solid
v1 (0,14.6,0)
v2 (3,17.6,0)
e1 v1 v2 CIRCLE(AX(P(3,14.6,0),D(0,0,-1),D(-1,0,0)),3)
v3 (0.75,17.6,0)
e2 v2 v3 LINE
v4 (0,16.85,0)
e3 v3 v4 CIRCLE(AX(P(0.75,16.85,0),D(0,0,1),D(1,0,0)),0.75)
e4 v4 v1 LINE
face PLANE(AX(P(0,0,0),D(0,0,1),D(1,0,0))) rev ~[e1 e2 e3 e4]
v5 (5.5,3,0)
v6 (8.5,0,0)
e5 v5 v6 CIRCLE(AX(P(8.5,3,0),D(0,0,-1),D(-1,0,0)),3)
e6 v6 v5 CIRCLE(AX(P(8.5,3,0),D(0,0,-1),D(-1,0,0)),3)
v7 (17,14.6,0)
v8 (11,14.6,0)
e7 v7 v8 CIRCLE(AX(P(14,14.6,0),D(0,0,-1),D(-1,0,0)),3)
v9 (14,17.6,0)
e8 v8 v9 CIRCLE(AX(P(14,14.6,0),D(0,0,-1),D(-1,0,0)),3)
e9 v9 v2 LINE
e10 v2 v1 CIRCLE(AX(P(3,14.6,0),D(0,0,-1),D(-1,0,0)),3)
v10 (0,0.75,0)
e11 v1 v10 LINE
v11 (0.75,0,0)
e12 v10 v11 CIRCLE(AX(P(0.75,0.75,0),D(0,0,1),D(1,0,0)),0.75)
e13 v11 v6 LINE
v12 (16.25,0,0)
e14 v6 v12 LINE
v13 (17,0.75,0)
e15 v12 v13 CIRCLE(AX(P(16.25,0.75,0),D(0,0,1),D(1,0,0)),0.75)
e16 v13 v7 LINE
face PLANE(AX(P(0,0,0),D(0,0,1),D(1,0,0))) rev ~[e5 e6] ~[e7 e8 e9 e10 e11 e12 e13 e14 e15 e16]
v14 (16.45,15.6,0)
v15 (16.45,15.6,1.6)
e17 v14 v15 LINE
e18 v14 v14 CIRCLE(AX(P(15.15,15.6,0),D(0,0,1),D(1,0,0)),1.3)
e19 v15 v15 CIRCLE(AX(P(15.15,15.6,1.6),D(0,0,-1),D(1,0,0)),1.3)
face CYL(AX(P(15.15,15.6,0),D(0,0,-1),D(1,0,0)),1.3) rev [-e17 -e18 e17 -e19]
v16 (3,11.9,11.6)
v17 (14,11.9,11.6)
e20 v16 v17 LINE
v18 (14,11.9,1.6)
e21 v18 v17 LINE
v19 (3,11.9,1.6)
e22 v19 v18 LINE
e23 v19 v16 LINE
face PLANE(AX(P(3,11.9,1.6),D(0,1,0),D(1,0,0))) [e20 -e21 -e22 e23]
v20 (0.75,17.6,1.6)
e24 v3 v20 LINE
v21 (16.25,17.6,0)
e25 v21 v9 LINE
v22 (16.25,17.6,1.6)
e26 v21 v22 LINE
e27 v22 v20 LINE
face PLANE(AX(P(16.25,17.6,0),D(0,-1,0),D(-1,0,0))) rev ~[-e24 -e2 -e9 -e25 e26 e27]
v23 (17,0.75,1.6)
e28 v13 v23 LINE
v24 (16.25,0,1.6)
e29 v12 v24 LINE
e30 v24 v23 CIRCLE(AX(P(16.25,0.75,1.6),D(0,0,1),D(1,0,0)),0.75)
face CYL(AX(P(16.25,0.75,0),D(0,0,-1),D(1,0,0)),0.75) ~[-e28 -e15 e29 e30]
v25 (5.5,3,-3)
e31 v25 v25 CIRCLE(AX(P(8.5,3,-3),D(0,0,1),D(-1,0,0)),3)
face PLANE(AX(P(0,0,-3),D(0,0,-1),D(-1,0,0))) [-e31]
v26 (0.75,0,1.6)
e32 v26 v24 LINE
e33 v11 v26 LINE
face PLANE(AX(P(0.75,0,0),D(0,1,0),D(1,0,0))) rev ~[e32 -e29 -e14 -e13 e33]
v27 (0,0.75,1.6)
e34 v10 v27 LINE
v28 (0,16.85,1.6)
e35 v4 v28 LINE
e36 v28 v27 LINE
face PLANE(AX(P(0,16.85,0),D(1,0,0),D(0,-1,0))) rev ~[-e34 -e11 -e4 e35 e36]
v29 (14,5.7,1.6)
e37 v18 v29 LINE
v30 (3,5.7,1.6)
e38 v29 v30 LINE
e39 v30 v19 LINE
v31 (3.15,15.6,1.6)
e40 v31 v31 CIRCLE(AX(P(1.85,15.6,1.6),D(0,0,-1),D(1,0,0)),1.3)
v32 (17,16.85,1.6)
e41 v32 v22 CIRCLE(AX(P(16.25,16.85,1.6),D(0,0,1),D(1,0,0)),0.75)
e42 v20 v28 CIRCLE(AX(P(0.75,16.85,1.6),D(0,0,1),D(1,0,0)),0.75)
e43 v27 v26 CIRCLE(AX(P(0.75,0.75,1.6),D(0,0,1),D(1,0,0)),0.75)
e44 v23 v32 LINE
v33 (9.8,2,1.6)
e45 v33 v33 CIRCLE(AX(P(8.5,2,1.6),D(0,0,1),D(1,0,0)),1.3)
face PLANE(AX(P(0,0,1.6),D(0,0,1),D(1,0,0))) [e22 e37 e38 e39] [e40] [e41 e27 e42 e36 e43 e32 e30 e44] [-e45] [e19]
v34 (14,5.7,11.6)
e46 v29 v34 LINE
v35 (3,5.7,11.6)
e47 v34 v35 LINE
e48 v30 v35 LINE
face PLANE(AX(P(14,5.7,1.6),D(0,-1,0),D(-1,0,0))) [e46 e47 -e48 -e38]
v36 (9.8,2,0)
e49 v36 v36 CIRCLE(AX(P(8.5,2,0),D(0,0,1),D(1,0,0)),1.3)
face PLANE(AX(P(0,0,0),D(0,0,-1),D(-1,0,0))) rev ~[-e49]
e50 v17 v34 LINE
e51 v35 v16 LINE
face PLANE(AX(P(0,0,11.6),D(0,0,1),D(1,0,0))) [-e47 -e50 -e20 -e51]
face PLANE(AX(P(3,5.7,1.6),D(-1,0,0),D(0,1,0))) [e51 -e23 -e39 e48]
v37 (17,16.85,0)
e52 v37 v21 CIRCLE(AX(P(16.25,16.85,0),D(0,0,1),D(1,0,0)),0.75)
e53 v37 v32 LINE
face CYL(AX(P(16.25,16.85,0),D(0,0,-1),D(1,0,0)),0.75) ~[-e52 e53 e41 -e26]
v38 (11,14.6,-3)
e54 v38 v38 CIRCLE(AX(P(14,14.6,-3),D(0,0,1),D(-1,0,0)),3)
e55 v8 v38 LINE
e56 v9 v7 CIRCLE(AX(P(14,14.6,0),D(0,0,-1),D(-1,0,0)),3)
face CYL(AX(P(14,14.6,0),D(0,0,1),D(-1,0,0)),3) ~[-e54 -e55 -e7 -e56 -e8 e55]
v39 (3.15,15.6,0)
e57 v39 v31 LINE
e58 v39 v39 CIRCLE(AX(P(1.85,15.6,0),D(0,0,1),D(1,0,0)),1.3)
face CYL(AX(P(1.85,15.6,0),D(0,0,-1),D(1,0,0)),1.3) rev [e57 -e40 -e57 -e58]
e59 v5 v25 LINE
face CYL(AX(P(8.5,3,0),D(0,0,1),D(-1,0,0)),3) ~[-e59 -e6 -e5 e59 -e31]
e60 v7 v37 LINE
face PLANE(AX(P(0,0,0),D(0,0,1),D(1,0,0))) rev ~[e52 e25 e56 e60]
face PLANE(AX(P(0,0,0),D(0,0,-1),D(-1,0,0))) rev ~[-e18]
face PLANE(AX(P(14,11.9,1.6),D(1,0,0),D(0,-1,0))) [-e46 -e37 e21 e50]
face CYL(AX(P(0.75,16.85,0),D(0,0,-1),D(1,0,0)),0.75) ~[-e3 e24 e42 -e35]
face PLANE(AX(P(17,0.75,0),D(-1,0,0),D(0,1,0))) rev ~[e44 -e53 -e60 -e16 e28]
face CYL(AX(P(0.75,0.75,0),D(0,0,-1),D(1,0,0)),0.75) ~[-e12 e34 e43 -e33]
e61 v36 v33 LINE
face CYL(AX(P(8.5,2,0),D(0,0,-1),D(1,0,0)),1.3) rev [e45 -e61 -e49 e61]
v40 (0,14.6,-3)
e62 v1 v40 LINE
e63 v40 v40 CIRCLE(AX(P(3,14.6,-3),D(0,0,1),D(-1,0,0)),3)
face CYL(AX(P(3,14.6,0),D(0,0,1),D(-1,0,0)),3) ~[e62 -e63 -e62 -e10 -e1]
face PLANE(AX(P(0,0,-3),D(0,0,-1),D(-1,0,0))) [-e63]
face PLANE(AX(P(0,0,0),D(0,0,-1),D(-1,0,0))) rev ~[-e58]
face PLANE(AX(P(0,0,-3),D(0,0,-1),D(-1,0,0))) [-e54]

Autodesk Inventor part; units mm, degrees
ref_plane "YZ Plane" through (0, 0, 0) normal (1, 0, 0) x (0, 1, 0)
ref_plane "XZ Plane" through (0, 0, 0) normal (0, 1, 0) x (-1, 0, 0)
ref_plane "XY Plane" through (0, 0, 0) normal (0, 0, 1) x (1, 0, 0)
sketch "Sketch1" plane through (0, 0, 0) normal (0, 0, 1) x (1, 0, 0)
  line L0 (0, 0) -> (17, 0)
  line L1 (17, 0) -> (17, 17.6)
  line L2 (17, 17.6) -> (0, 17.6)
  line L3 (0, 17.6) -> (0, 0)
  circle A0 centre (16.25, 16.85) radius 0.75
  circle A1 centre (0.75, 16.85) radius 0.75
  circle A2 centre (0.75, 0.75) radius 0.75
  circle A3 centre (16.25, 0.75) radius 0.75
  circle A4 centre (1.85, 15.6) radius 1.3
  circle A5 centre (15.15, 15.6) radius 1.3
  circle A6 centre (8.5, 2) radius 1.3
  point P0 (0, 16.85)
  point P1 (0, 0.75)
  point P2 (0.75, 0)
  point P3 (16.25, 0)
  point P4 (17, 0.75)
  point P5 (17, 16.85)
  point P6 (16.25, 17.6)
  point P7 (0.75, 17.6)
  dimension "d0" = 17
  dimension "d1" = 17.6
  dimension "d2" = 1.5
  dimension "d3" = 1.5
  dimension "d4" = 1.5
  dimension "d5" = 1.5
  dimension "d7" = 2.6
  dimension "d11" = 1.85
  dimension "d12" = 1.85
  dimension "d13" = 2
  dimension "d14" = 2.6
  dimension "d15" = 2
  dimension "d16" = 8.5
extrude "Extrusion1" add sketch "Sketch1" along normal blind 1.6 contours A2 L3 A1 A4 L2 A0 A5 L1 A3 L0 | A2 | A3 | A1 A4 | A0 A5 picked at (1.0458, 16.9665) picked at (15.9541, 16.9666)
sketch "Sketch2" plane through (0, 0, 1.6) normal (0, 0, 1) x (1, 0, 0)
  line L0 (3, 11.9) -> (14, 11.9)
  line L1 (14, 11.9) -> (14, 5.7)
  line L2 (14, 5.7) -> (3, 5.7)
  line L3 (3, 5.7) -> (3, 11.9)
  line L4 (3, 11.9) -> (14, 5.7) construction
  line L5 (14, 11.9) -> (3, 5.7) construction
  line L6 (0, 16.85) -> (0, 0.75) projected
  line L7 (16.25, 17.6) -> (0.75, 17.6) projected
  point P0 (0, 0)
  point P1 (8.5, 8.8)
  point P2 (0, 8.8)
  point P3 (8.5, 17.6)
  point P4 (0, 8.8)
  point P5 (8.5, 5.7)
  dimension "d19" = 11
  dimension "d20" = 6.2
extrude "Extrusion2" add sketch "Sketch2" along normal blind 10
sketch "Sketch3" plane through (0, 0, 0) normal (0, 0, -1) x (-1, 0, 0)
  circle A0 centre (-14, 14.6) radius 3
  circle A1 centre (-3, 14.6) radius 3
  circle A2 centre (-8.5, 3) radius 3
  circle A3 centre (-8.5, 2) radius 1.3 projected
  line L0 (-0.75, 0) -> (-16.25, 0) projected
  line L1 (-16.25, 17.6) -> (-0.75, 17.6) projected
  line L2 (-17, 0.75) -> (-17, 16.85) projected
  line L3 (0, 16.85) -> (0, 0.75) projected
  point P0 (0, 0)
  dimension "d23" = 6
  dimension "d24" = 6
  dimension "d25" = 6
extrude "Extrusion3" add sketch "Sketch3" along normal blind 3 contours A0 | A1 | A2 | A3
equation "\"d12\" = d11"
properties part number "clicky pcb top"
